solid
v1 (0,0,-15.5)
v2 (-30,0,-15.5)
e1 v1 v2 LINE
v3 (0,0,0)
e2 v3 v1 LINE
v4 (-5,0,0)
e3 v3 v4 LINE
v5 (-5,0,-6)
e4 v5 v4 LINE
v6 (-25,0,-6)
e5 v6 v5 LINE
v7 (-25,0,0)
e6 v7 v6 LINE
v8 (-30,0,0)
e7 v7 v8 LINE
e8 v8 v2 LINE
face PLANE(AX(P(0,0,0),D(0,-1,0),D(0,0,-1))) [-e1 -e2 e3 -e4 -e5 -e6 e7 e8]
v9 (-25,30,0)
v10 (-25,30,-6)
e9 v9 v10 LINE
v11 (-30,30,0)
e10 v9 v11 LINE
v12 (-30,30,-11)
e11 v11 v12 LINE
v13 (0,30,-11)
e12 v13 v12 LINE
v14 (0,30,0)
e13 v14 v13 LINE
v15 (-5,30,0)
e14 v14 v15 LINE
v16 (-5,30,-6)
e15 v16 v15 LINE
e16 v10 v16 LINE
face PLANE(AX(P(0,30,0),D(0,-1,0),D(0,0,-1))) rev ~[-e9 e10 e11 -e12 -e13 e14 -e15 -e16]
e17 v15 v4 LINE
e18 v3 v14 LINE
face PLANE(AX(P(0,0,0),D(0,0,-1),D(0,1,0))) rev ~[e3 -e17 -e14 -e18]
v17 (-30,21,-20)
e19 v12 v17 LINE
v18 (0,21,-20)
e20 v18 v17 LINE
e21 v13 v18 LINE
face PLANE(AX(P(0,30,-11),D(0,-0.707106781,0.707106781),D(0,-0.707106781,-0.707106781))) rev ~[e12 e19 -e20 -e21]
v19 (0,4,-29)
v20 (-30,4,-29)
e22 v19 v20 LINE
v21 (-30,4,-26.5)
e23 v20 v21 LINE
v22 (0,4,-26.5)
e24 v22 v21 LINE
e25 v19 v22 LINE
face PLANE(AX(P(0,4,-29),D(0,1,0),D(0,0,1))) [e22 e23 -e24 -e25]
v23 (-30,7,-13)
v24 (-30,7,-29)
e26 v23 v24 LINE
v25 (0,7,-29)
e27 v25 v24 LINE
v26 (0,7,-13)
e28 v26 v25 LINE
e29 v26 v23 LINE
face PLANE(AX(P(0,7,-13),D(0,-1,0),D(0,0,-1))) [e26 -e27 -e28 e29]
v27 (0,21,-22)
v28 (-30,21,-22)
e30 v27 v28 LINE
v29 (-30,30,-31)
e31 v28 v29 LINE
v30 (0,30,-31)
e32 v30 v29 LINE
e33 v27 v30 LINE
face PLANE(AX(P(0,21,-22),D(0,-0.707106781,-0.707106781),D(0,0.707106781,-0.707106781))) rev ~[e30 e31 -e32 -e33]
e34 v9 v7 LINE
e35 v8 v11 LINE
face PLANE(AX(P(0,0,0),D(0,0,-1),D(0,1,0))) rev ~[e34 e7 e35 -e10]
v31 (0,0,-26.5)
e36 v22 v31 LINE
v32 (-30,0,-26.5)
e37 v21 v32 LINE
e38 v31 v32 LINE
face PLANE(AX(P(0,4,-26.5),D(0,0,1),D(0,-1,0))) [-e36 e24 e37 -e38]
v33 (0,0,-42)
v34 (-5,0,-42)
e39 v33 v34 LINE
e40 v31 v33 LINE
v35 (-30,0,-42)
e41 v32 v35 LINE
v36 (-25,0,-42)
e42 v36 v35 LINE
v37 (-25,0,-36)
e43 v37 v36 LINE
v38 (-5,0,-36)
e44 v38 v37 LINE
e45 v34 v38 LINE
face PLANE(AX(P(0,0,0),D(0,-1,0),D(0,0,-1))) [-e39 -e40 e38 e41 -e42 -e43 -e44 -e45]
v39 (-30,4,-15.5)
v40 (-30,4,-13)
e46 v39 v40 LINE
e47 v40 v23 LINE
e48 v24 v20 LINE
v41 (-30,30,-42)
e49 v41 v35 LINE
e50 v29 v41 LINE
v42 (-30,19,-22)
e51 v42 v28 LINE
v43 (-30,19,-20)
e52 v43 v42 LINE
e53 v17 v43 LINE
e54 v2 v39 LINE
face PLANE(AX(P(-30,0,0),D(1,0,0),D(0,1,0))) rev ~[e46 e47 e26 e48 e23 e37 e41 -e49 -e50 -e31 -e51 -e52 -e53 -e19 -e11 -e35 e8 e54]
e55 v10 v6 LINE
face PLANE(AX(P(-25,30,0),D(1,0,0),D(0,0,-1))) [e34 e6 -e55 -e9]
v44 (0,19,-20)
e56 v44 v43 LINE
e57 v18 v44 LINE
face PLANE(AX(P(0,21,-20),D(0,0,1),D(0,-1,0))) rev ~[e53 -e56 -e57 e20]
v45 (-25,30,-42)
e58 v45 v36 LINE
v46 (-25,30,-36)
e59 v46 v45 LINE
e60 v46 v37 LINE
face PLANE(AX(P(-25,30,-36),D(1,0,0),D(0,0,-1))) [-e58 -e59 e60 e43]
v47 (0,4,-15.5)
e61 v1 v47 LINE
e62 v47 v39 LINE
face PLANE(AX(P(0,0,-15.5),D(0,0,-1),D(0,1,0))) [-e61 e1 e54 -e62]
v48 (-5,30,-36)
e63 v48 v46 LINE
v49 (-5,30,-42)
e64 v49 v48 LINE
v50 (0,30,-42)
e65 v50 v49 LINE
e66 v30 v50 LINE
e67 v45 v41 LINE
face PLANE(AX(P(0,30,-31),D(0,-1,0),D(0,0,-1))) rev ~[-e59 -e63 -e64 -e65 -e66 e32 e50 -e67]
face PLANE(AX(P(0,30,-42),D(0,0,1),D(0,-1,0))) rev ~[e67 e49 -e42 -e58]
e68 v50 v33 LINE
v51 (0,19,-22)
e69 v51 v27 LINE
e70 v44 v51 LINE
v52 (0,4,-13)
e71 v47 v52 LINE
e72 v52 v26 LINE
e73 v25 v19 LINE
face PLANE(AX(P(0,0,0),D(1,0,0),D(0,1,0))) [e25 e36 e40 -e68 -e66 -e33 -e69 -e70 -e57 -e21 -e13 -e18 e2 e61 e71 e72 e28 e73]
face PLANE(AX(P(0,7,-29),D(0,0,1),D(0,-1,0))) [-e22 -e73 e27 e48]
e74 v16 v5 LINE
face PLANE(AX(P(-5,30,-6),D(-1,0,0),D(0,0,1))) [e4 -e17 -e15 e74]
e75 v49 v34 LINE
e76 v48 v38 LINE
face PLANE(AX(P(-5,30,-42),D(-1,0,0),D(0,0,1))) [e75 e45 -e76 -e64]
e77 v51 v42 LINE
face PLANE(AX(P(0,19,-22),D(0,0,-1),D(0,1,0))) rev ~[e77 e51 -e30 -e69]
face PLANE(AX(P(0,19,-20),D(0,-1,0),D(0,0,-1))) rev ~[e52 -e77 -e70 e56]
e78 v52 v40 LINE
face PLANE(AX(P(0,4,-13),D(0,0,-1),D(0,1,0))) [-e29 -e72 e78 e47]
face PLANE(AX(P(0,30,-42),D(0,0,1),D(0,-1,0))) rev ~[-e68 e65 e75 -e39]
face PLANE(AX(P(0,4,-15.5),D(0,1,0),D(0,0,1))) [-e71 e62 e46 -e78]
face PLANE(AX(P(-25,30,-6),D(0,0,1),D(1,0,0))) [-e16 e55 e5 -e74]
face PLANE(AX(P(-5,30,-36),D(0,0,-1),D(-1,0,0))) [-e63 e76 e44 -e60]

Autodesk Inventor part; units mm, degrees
ref_plane "YZ Plane" through (0, 0, 0) normal (1, 0, 0) x (0, 1, 0)
ref_plane "XZ Plane" through (0, 0, 0) normal (0, 1, 0) x (-1, 0, 0)
ref_plane "XY Plane" through (0, 0, 0) normal (0, 0, 1) x (1, 0, 0)
sketch "Sketch1" plane through (0, 0, 0) normal (1, 0, 0) x (0, 1, 0)
  line L0 (0, 0) -> (30, 0)
  line L1 (30, 0) -> (30, -11)
  line L2 (30, -11) -> (21, -20)
  line L3 (21, -20) -> (19, -20)
  line L4 (19, -20) -> (19, -22)
  line L5 (19, -22) -> (21, -22)
  line L6 (21, -22) -> (30, -31)
  line L7 (30, -31) -> (30, -42)
  line L8 (30, -42) -> (0, -42)
  line L9 (0, 0) -> (0, -42)
  dimension "d5" = 42
  dimension "d6" = 30
  dimension "d7" = 2
  dimension "d8" = 11
  dimension "d9" = 2
  dimension "d10" = 2
  dimension "d17" = 20
  dimension "d18" = 11
extrude "Extrusion1" add sketch "Sketch1" against normal blind 30
sketch "Sketch2" plane through (0, 30, 0) normal (0, 1, 0) x (1, 0, 0)
  line L0 (0, 0) -> (-30, 0) projected
  line L1 (-25, 0) -> (-25, 6)
  line L2 (-25, 6) -> (-5, 6)
  line L3 (-5, 6) -> (-5, 0)
  line L4 (-30, 0) -> (-30, 11) projected
  line L5 (0, 11) -> (0, 0) projected
  line L6 (-25, 0) -> (-5, 0)
  line L7 (0, 42) -> (-30, 42) projected
  line L8 (-5, 42) -> (-5, 36)
  line L9 (-5, 36) -> (-25, 36)
  line L10 (-25, 36) -> (-25, 42)
  line L11 (-30, 31) -> (-30, 42) projected
  line L12 (0, 42) -> (0, 31) projected
  dimension "d13" = 5
  dimension "d14" = 5
  dimension "d21" = 30
  dimension "d22" = 6
  dimension "d23" = 5
  dimension "d24" = 5
extrude "Extrusion2" cut sketch "Sketch2" against normal blind 30 contours L0 L1 L2 L3
extrude "Extrusion3" cut sketch "Sketch2" against normal blind 30 contours L8 L9 L10 L7
sketch "Sketch4" plane through (0, 0, 0) normal (1, 0, 0) x (0, 0, -1)
  line L0 (42, 0) -> (0, 0) projected
  line L1 (15.5, 0) -> (15.5, 4)
  line L2 (15.5, 4) -> (13, 4)
  line L3 (13, 4) -> (13, 7)
  line L4 (13, 7) -> (29, 7)
  line L5 (29, 7) -> (29, 4)
  line L6 (29, 4) -> (26.5, 4)
  line L7 (26.5, 4) -> (26.5, 0)
  line L8 (0, 30) -> (0, 0) projected
  line L9 (42, 0) -> (42, 30) projected
  line L10 (15.5, 0) -> (26.5, 0)
  dimension "d27" = 15.5
  dimension "d28" = 15.5
  dimension "d29" = 2.5
  dimension "d30" = 2.5
  dimension "d31" = 3
  dimension "d32" = 4
extrude "Extrusion4" cut sketch "Sketch4" against normal blind 30
properties part number "peca2"
